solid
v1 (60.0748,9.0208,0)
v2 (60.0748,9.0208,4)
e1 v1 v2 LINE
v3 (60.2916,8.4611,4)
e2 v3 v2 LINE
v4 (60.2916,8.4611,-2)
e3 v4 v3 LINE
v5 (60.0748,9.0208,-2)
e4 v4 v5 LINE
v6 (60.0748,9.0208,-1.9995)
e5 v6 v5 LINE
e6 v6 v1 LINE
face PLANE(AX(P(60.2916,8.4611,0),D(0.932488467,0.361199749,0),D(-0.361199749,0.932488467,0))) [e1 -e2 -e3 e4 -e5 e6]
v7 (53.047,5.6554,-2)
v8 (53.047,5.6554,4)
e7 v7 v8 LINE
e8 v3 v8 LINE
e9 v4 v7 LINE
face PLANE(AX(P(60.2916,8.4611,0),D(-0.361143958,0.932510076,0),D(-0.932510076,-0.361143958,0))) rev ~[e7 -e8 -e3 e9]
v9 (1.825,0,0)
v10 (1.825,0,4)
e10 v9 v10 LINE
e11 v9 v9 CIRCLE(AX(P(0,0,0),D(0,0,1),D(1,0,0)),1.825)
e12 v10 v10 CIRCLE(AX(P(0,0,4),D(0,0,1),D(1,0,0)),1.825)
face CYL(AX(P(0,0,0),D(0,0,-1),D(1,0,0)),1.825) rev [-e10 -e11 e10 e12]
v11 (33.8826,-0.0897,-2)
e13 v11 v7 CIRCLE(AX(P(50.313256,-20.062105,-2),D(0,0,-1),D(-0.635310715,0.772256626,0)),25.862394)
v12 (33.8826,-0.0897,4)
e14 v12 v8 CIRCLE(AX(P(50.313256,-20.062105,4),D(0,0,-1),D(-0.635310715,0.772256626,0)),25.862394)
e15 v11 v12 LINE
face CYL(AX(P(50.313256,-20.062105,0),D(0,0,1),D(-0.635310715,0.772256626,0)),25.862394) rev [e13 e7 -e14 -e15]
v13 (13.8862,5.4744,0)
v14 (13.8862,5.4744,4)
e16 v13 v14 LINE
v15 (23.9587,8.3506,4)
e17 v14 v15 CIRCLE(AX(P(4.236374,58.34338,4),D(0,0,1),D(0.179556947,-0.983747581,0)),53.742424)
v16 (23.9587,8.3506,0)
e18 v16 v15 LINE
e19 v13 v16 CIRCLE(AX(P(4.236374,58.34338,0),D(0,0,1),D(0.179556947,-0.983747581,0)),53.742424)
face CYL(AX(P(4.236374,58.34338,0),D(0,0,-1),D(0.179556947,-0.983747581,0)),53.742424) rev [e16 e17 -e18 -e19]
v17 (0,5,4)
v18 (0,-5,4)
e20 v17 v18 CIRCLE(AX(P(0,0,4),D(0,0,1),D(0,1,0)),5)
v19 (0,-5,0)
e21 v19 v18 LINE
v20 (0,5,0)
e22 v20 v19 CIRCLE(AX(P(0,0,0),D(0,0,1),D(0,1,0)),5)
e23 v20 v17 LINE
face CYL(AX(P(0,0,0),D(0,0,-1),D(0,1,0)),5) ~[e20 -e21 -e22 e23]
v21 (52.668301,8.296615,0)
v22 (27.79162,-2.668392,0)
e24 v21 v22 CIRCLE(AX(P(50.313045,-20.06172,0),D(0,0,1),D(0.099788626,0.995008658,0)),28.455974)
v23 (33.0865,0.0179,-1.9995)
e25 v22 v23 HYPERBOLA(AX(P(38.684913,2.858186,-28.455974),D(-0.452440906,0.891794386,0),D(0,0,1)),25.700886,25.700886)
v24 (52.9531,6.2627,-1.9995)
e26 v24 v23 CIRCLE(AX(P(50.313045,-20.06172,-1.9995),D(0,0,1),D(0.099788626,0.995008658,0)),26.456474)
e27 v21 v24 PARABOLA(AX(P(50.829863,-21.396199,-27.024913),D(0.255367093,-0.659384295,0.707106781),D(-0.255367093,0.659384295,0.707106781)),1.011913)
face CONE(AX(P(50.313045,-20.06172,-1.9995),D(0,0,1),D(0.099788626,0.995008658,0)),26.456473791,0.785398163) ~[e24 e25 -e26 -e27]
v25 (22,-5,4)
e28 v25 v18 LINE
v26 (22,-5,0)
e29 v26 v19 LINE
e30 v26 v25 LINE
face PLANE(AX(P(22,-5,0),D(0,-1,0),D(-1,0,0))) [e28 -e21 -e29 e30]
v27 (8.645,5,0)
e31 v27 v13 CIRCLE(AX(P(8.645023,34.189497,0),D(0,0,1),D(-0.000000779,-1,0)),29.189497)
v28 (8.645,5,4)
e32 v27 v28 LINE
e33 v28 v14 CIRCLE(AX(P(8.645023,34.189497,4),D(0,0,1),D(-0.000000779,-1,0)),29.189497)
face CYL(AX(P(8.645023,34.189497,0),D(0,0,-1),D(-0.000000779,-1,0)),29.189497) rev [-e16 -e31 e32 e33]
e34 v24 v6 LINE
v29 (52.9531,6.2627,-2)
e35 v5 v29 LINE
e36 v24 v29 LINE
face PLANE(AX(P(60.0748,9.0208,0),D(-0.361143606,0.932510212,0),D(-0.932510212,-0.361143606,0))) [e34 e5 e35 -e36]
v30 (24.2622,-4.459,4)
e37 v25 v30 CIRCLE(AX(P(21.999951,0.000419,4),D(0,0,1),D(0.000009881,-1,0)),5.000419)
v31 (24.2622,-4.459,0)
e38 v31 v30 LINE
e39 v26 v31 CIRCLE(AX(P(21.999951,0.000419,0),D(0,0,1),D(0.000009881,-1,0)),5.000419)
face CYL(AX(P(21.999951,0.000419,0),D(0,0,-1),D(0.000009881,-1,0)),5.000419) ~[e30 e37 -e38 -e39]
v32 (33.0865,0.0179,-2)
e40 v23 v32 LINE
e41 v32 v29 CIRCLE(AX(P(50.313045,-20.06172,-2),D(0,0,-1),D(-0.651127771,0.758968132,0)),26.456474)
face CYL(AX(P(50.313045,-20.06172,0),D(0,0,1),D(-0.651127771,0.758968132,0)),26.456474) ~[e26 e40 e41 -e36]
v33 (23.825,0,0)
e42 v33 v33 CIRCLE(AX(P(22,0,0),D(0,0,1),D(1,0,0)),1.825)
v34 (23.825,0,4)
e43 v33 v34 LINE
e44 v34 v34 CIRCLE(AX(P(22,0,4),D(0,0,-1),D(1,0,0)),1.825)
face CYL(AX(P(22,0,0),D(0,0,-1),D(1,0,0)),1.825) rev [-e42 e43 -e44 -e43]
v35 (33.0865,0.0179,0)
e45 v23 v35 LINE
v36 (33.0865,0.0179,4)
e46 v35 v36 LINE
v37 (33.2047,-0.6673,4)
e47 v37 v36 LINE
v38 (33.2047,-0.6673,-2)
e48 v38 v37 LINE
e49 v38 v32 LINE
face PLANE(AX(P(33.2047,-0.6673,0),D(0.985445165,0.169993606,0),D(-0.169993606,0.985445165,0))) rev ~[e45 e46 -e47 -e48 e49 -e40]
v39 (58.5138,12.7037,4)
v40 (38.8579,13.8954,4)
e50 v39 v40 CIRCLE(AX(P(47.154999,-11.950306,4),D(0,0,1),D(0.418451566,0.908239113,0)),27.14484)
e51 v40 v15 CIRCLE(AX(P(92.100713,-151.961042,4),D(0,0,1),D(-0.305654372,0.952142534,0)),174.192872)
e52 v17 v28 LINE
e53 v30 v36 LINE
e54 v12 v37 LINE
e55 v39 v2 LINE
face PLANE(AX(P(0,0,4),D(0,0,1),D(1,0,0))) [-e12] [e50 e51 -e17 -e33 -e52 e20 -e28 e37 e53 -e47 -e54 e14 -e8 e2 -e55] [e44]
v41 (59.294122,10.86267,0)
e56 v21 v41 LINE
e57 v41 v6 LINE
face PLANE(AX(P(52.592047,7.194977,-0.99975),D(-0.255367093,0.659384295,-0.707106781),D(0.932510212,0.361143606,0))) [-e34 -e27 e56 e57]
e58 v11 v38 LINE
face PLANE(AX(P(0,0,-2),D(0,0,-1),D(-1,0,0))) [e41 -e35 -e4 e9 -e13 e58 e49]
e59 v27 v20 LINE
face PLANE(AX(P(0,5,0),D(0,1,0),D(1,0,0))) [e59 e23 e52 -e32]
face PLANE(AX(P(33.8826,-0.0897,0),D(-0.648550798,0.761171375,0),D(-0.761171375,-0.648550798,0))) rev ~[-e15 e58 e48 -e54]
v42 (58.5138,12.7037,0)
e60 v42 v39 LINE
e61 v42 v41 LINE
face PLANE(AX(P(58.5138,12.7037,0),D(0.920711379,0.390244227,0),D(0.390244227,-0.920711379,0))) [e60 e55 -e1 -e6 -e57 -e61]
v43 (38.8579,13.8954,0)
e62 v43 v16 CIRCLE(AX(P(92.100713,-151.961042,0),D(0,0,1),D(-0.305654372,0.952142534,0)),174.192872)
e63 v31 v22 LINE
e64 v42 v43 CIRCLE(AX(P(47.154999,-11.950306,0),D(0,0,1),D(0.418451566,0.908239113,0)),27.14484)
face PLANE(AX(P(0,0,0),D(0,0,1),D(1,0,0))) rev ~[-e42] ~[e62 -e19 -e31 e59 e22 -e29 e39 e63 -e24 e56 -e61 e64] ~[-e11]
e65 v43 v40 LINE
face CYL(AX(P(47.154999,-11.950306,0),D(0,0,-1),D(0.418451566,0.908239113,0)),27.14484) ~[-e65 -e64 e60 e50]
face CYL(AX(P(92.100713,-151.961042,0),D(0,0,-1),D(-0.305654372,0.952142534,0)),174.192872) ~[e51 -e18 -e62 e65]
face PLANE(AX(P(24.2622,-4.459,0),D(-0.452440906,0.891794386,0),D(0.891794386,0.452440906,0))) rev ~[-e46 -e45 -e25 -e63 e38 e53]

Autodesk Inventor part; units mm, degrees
ref_plane "YZ Plane" through (0, 0, 0) normal (1, 0, 0) x (0, 1, 0)
ref_plane "XZ Plane" through (0, 0, 0) normal (0, 1, 0) x (-1, 0, 0)
ref_plane "XY Plane" through (0, 0, 0) normal (0, 0, 1) x (1, 0, 0)
sketch "Náčrt1" plane through (0, 0, 0) normal (0, 0, 1) x (1, 0, 0)
  circle A0 centre (0, 0) radius 1.825
  circle A1 centre (22, 0) radius 1.825
  arc A2 (0, 5) -> (0, -5) centre (0, 0) ccw
  line L0 (0, 0) -> (-0.516, 0)
  line L1 (0, 5) -> (8.645, 5)
  arc A3 (8.645, 5) -> (13.8862, 5.4744) centre (8.645, 34.19) ccw
  arc A4 (8.645, 5) -> (8.645, 5) centre (6.8603, 48.5893) ccw
  arc A5 (58.5138, 12.7037) -> (38.8579, 13.8954) centre (47.1549, -11.9507) ccw
  line L2 (22, -5) -> (0, -5)
  line L3 (24.2622, -4.459) -> (33.0865, 0.0179)
  line L4 (22, 0) -> (22, 6.29)
  line L5 (58.5138, 12.7037) -> (60.0748, 9.0208)
  arc A6 (52.9531, 6.2627) -> (33.0865, 0.0179) centre (50.3132, -20.062) ccw
  arc A7 (22, -5) -> (24.2622, -4.459) centre (22, 0) ccw
  line L6 (52.9531, 6.2627) -> (60.0748, 9.0208)
  line L7 (23.9587, 8.3506) -> (22.7174, 7.8453)
  arc A8 (38.8579, 13.8954) -> (23.9587, 8.3506) centre (92.1034, -151.9688) ccw
  arc A9 (13.8862, 5.4744) -> (23.9587, 8.3506) centre (4.237, 58.3407) ccw
  dimension "d0" = 3.65
  dimension "d2" = 3.65
  dimension "d3" = 10
  dimension "d8" = 0.516
  dimension "d17" = 9.895
  dimension "d18" = 63.1
  dimension "d19" = 20.825
  dimension "d21" = 4
extrude "Vysunutí1" add sketch "Náčrt1" along normal blind 4 contours L1 A4 A3 A9 A8 A5 L5 L6 A6 L3 A7 L2 A2 | L1 A4 picked at (7.0586, 4.9892)
sketch "Náčrt7" plane through (0, 0, 0) normal (0, 0, -1) x (-1, 0, 0)
  arc A0 (-33.0865, 0.0179) -> (-52.9531, 6.2627) centre (-50.3132, -20.062) ccw projected
  line L0 (-60.0748, 9.0208) -> (-52.9531, 6.2627) projected
  line L1 (-60.2916, 8.4611) -> (-53.047, 5.6554) projected
  arc A1 (-33.8826, -0.0897) -> (-53.047, 5.6554) centre (-50.3132, -20.062) ccw projected
  line L2 (-33.2047, -0.6673) -> (-33.0865, 0.0179)
  line L3 (-33.8826, -0.0897) -> (-33.2047, -0.6673) projected
  line L4 (-59.2939, 10.8632) -> (-60.0748, 9.0208) projected
  line L5 (-60.2916, 8.4611) -> (-60.0748, 9.0208)
  point P0 (0, 0)
extrude "Vysunutí5" add sketch "Náčrt7" along normal blind 2 and the other way blind 4
chamfer "Zkosení3" distance 2 angle 45 2 edges at (42.3795, 5.1772, 0) (56.514, 7.6418, 0)
properties part number "lapak2" material "ABS Plastic"
